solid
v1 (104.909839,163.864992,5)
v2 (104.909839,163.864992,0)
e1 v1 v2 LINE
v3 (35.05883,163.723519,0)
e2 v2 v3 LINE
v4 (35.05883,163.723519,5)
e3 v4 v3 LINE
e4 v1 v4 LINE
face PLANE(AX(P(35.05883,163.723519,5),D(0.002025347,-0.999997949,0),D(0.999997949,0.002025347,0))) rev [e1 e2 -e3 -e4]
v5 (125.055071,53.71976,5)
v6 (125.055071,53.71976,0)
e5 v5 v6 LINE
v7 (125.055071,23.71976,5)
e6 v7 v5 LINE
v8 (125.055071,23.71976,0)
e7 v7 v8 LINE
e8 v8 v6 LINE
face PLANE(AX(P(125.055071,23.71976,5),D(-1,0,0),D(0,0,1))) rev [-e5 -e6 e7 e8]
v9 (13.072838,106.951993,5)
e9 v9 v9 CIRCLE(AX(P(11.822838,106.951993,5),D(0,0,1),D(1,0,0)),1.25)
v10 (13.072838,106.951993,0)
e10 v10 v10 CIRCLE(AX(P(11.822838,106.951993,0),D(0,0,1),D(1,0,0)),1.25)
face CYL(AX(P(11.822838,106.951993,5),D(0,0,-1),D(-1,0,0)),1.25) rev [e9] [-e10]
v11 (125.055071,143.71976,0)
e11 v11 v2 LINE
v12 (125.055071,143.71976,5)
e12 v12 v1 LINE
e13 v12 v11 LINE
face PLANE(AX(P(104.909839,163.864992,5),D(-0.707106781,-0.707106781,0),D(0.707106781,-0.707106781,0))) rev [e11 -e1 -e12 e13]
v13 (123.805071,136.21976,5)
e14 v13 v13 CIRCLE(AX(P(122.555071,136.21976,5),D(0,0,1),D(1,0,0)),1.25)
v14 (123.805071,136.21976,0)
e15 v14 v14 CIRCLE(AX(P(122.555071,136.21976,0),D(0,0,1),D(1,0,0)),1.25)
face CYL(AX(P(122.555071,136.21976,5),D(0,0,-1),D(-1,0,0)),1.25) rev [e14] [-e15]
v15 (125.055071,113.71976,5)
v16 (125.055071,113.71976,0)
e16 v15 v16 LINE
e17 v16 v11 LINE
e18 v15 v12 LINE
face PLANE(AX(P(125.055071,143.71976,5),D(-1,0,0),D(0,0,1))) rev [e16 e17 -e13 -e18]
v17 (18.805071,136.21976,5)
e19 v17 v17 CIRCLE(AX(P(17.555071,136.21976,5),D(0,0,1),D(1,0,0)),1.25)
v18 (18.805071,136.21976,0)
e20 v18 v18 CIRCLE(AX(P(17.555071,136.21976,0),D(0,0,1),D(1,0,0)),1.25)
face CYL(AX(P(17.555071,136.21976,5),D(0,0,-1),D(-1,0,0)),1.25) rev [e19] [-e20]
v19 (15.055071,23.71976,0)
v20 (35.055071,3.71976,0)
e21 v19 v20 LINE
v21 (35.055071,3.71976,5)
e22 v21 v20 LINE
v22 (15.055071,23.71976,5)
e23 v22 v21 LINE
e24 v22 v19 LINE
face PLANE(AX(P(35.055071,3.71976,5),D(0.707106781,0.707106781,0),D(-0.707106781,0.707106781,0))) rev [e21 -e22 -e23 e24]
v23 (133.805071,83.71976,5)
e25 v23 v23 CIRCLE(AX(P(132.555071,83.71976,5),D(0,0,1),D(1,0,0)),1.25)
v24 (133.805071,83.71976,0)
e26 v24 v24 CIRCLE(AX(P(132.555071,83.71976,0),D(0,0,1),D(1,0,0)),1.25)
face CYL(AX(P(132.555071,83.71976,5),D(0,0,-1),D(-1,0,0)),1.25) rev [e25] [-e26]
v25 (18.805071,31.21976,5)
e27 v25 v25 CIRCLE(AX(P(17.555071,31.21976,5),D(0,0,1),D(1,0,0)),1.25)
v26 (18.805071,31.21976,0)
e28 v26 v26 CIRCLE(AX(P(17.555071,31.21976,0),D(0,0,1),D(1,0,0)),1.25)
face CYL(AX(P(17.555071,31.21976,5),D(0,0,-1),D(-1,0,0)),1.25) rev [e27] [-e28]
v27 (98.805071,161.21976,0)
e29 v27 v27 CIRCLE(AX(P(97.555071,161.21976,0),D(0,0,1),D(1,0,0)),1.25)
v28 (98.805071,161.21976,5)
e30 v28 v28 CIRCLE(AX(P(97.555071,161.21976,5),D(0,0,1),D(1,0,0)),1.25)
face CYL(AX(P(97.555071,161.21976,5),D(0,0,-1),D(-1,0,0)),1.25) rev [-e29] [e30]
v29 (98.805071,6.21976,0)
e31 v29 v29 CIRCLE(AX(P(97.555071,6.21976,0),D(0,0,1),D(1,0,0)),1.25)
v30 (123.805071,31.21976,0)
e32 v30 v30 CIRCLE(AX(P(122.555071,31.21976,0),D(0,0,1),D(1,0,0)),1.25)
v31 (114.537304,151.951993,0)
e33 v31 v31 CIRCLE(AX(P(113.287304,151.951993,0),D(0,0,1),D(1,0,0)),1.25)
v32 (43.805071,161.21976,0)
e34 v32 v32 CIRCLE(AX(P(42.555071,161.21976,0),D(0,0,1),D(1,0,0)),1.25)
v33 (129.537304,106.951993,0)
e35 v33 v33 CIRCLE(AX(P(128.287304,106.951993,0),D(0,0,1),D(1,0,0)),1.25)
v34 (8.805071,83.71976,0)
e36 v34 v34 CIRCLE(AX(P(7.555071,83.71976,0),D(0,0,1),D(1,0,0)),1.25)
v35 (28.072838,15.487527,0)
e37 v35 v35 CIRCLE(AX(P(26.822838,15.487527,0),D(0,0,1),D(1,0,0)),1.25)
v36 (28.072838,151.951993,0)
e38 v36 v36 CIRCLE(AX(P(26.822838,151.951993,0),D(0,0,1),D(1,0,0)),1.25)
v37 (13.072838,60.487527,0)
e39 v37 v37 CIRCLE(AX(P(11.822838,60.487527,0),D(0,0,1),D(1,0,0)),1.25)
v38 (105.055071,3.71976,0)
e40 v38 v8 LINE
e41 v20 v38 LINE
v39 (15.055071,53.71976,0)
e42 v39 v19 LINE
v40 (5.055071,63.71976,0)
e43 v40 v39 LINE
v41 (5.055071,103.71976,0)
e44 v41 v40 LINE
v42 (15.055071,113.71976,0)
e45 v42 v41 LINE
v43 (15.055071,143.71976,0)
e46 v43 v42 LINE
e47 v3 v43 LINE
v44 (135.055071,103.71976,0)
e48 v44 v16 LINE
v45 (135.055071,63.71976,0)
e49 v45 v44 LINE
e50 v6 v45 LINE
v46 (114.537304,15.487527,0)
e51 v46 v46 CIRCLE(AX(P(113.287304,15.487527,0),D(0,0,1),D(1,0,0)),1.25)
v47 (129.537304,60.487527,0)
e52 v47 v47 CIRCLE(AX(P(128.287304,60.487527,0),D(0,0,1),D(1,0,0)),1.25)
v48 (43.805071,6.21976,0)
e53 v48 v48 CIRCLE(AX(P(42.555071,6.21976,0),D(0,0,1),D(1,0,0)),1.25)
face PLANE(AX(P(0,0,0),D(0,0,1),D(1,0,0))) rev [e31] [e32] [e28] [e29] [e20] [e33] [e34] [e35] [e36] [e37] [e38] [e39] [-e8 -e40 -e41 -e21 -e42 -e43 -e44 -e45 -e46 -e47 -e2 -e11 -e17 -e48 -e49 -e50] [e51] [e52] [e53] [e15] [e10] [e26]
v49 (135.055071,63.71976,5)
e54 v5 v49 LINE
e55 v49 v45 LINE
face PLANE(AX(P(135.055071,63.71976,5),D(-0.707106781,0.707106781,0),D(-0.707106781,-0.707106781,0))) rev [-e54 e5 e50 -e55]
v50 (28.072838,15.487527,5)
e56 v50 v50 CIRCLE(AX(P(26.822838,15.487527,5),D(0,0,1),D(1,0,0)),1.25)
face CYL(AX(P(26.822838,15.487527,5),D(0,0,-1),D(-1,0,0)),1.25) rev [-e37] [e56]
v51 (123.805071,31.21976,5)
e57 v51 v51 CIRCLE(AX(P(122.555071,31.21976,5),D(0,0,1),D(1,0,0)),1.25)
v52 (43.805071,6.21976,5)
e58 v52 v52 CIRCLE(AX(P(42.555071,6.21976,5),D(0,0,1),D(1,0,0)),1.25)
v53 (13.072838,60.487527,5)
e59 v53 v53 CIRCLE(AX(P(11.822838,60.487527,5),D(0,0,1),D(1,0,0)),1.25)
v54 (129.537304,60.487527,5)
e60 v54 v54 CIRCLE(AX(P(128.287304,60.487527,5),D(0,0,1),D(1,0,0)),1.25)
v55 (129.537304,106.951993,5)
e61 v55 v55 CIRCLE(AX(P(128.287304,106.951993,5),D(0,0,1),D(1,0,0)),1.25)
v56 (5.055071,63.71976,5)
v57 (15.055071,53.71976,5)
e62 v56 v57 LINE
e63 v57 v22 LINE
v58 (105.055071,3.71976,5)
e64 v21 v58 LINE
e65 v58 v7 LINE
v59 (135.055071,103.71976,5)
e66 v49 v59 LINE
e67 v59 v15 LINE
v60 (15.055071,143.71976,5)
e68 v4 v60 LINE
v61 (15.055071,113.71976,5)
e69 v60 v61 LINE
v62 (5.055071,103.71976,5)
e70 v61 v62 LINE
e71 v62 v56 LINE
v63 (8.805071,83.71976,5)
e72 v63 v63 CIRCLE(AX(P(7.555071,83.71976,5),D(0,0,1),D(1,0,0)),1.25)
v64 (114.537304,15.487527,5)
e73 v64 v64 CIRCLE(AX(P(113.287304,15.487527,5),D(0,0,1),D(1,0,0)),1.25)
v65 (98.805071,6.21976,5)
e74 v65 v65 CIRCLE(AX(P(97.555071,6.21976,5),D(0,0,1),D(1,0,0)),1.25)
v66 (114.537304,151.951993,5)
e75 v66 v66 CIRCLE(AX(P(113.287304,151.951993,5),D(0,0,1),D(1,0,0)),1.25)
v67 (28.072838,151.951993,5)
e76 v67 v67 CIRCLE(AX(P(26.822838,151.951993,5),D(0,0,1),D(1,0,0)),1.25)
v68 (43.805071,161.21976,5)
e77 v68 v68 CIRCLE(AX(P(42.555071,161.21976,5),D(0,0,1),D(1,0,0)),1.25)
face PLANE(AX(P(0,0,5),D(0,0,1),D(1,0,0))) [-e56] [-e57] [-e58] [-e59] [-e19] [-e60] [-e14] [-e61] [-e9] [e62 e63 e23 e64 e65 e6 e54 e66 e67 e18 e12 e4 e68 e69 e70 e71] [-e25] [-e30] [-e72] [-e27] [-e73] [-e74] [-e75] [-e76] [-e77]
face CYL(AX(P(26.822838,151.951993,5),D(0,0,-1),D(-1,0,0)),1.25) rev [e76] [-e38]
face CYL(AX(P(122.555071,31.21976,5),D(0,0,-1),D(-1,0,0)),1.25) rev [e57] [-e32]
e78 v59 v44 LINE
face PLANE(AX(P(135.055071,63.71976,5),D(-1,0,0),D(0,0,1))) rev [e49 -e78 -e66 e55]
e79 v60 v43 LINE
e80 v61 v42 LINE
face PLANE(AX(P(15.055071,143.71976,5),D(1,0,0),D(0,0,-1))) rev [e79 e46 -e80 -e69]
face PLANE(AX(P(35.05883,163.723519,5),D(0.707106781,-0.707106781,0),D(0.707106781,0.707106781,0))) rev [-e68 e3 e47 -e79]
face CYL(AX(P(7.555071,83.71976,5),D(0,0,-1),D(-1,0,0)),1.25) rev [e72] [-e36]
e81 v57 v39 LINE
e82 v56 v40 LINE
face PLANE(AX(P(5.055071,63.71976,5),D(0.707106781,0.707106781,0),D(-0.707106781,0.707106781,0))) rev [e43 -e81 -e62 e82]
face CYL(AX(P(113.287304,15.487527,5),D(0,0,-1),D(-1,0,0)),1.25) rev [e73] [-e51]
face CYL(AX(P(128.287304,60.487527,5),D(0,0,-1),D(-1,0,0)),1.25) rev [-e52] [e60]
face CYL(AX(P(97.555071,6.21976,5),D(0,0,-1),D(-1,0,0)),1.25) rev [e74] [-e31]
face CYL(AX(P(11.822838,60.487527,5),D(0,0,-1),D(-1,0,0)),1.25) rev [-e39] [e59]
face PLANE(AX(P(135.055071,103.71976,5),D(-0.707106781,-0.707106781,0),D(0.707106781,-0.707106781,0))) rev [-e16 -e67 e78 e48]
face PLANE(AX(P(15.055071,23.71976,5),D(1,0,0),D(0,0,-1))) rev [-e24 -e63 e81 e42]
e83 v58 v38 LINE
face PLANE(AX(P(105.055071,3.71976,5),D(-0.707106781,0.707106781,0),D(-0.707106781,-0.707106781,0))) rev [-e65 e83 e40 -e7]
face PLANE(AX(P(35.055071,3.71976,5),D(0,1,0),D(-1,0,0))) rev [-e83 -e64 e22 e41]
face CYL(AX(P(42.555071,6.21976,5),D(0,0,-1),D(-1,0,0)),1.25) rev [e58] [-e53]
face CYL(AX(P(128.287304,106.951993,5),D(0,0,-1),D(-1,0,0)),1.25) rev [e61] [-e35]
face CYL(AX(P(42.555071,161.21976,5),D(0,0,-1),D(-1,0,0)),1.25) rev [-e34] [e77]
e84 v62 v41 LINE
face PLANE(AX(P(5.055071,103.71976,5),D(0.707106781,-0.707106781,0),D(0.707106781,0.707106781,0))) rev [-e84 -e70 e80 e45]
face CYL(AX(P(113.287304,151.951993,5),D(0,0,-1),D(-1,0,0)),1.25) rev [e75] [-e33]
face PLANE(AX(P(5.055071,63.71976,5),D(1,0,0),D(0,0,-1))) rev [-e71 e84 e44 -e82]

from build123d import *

# Parameters (mm, degrees)
MODEL_R             = 1.25
BOSS_EXTRUDE1_DEPTH = 5


with BuildPart() as part:
    # Model → Boss-Extrude1 (new body)
    with BuildSketch(Plane.XY):
        Polygon((105.055071144, 3.719759624), (125.055071144, 23.719759624), (125.055071144, 53.719759624), (135.055071144, 63.719759624), (135.055071144, 103.719759624), (125.055071144, 113.719759624), (125.055071144, 143.719759624), (104.909839245, 163.864991523), (35.058830231, 163.723518711), (15.055071144, 143.719759624), (15.055071144, 113.719759624), (5.055071144, 103.719759624), (5.055071144, 63.719759624), (15.055071144, 53.719759624), (15.055071144, 23.719759624), (35.055071144, 3.719759624), align=None)
        with Locations((97.555071144, 6.219759624)):
            Circle(MODEL_R, mode=Mode.SUBTRACT)
        with Locations((122.555071144, 31.219759624)):
            Circle(MODEL_R, mode=Mode.SUBTRACT)
        with Locations((113.287304191, 15.487526577)):
            Circle(MODEL_R, mode=Mode.SUBTRACT)
        with Locations((42.555071144, 6.219759624)):
            Circle(MODEL_R, mode=Mode.SUBTRACT)
        with Locations((17.555071144, 31.219759624)):
            Circle(MODEL_R, mode=Mode.SUBTRACT)
        with Locations((26.822838097, 15.487526577)):
            Circle(MODEL_R, mode=Mode.SUBTRACT)
        with Locations((97.555071144, 161.219759624)):
            Circle(MODEL_R, mode=Mode.SUBTRACT)
        with Locations((122.555071144, 136.219759624)):
            Circle(MODEL_R, mode=Mode.SUBTRACT)
        with Locations((113.287304191, 151.951992671)):
            Circle(MODEL_R, mode=Mode.SUBTRACT)
        with Locations((42.555071144, 161.219759624)):
            Circle(MODEL_R, mode=Mode.SUBTRACT)
        with Locations((17.555071144, 136.219759624)):
            Circle(MODEL_R, mode=Mode.SUBTRACT)
        with Locations((26.822838097, 151.951992671)):
            Circle(MODEL_R, mode=Mode.SUBTRACT)
        with Locations((11.822838097, 60.487526577)):
            Circle(MODEL_R, mode=Mode.SUBTRACT)
        with Locations((7.555071144, 83.719759624)):
            Circle(MODEL_R, mode=Mode.SUBTRACT)
        with Locations((11.822838097, 106.951992671)):
            Circle(MODEL_R, mode=Mode.SUBTRACT)
        with Locations((128.287304191, 60.487526577)):
            Circle(MODEL_R, mode=Mode.SUBTRACT)
        with Locations((132.555071144, 83.719759624)):
            Circle(MODEL_R, mode=Mode.SUBTRACT)
        with Locations((128.287304191, 106.951992671)):
            Circle(MODEL_R, mode=Mode.SUBTRACT)
    extrude(amount=BOSS_EXTRUDE1_DEPTH)


solid = part.part
